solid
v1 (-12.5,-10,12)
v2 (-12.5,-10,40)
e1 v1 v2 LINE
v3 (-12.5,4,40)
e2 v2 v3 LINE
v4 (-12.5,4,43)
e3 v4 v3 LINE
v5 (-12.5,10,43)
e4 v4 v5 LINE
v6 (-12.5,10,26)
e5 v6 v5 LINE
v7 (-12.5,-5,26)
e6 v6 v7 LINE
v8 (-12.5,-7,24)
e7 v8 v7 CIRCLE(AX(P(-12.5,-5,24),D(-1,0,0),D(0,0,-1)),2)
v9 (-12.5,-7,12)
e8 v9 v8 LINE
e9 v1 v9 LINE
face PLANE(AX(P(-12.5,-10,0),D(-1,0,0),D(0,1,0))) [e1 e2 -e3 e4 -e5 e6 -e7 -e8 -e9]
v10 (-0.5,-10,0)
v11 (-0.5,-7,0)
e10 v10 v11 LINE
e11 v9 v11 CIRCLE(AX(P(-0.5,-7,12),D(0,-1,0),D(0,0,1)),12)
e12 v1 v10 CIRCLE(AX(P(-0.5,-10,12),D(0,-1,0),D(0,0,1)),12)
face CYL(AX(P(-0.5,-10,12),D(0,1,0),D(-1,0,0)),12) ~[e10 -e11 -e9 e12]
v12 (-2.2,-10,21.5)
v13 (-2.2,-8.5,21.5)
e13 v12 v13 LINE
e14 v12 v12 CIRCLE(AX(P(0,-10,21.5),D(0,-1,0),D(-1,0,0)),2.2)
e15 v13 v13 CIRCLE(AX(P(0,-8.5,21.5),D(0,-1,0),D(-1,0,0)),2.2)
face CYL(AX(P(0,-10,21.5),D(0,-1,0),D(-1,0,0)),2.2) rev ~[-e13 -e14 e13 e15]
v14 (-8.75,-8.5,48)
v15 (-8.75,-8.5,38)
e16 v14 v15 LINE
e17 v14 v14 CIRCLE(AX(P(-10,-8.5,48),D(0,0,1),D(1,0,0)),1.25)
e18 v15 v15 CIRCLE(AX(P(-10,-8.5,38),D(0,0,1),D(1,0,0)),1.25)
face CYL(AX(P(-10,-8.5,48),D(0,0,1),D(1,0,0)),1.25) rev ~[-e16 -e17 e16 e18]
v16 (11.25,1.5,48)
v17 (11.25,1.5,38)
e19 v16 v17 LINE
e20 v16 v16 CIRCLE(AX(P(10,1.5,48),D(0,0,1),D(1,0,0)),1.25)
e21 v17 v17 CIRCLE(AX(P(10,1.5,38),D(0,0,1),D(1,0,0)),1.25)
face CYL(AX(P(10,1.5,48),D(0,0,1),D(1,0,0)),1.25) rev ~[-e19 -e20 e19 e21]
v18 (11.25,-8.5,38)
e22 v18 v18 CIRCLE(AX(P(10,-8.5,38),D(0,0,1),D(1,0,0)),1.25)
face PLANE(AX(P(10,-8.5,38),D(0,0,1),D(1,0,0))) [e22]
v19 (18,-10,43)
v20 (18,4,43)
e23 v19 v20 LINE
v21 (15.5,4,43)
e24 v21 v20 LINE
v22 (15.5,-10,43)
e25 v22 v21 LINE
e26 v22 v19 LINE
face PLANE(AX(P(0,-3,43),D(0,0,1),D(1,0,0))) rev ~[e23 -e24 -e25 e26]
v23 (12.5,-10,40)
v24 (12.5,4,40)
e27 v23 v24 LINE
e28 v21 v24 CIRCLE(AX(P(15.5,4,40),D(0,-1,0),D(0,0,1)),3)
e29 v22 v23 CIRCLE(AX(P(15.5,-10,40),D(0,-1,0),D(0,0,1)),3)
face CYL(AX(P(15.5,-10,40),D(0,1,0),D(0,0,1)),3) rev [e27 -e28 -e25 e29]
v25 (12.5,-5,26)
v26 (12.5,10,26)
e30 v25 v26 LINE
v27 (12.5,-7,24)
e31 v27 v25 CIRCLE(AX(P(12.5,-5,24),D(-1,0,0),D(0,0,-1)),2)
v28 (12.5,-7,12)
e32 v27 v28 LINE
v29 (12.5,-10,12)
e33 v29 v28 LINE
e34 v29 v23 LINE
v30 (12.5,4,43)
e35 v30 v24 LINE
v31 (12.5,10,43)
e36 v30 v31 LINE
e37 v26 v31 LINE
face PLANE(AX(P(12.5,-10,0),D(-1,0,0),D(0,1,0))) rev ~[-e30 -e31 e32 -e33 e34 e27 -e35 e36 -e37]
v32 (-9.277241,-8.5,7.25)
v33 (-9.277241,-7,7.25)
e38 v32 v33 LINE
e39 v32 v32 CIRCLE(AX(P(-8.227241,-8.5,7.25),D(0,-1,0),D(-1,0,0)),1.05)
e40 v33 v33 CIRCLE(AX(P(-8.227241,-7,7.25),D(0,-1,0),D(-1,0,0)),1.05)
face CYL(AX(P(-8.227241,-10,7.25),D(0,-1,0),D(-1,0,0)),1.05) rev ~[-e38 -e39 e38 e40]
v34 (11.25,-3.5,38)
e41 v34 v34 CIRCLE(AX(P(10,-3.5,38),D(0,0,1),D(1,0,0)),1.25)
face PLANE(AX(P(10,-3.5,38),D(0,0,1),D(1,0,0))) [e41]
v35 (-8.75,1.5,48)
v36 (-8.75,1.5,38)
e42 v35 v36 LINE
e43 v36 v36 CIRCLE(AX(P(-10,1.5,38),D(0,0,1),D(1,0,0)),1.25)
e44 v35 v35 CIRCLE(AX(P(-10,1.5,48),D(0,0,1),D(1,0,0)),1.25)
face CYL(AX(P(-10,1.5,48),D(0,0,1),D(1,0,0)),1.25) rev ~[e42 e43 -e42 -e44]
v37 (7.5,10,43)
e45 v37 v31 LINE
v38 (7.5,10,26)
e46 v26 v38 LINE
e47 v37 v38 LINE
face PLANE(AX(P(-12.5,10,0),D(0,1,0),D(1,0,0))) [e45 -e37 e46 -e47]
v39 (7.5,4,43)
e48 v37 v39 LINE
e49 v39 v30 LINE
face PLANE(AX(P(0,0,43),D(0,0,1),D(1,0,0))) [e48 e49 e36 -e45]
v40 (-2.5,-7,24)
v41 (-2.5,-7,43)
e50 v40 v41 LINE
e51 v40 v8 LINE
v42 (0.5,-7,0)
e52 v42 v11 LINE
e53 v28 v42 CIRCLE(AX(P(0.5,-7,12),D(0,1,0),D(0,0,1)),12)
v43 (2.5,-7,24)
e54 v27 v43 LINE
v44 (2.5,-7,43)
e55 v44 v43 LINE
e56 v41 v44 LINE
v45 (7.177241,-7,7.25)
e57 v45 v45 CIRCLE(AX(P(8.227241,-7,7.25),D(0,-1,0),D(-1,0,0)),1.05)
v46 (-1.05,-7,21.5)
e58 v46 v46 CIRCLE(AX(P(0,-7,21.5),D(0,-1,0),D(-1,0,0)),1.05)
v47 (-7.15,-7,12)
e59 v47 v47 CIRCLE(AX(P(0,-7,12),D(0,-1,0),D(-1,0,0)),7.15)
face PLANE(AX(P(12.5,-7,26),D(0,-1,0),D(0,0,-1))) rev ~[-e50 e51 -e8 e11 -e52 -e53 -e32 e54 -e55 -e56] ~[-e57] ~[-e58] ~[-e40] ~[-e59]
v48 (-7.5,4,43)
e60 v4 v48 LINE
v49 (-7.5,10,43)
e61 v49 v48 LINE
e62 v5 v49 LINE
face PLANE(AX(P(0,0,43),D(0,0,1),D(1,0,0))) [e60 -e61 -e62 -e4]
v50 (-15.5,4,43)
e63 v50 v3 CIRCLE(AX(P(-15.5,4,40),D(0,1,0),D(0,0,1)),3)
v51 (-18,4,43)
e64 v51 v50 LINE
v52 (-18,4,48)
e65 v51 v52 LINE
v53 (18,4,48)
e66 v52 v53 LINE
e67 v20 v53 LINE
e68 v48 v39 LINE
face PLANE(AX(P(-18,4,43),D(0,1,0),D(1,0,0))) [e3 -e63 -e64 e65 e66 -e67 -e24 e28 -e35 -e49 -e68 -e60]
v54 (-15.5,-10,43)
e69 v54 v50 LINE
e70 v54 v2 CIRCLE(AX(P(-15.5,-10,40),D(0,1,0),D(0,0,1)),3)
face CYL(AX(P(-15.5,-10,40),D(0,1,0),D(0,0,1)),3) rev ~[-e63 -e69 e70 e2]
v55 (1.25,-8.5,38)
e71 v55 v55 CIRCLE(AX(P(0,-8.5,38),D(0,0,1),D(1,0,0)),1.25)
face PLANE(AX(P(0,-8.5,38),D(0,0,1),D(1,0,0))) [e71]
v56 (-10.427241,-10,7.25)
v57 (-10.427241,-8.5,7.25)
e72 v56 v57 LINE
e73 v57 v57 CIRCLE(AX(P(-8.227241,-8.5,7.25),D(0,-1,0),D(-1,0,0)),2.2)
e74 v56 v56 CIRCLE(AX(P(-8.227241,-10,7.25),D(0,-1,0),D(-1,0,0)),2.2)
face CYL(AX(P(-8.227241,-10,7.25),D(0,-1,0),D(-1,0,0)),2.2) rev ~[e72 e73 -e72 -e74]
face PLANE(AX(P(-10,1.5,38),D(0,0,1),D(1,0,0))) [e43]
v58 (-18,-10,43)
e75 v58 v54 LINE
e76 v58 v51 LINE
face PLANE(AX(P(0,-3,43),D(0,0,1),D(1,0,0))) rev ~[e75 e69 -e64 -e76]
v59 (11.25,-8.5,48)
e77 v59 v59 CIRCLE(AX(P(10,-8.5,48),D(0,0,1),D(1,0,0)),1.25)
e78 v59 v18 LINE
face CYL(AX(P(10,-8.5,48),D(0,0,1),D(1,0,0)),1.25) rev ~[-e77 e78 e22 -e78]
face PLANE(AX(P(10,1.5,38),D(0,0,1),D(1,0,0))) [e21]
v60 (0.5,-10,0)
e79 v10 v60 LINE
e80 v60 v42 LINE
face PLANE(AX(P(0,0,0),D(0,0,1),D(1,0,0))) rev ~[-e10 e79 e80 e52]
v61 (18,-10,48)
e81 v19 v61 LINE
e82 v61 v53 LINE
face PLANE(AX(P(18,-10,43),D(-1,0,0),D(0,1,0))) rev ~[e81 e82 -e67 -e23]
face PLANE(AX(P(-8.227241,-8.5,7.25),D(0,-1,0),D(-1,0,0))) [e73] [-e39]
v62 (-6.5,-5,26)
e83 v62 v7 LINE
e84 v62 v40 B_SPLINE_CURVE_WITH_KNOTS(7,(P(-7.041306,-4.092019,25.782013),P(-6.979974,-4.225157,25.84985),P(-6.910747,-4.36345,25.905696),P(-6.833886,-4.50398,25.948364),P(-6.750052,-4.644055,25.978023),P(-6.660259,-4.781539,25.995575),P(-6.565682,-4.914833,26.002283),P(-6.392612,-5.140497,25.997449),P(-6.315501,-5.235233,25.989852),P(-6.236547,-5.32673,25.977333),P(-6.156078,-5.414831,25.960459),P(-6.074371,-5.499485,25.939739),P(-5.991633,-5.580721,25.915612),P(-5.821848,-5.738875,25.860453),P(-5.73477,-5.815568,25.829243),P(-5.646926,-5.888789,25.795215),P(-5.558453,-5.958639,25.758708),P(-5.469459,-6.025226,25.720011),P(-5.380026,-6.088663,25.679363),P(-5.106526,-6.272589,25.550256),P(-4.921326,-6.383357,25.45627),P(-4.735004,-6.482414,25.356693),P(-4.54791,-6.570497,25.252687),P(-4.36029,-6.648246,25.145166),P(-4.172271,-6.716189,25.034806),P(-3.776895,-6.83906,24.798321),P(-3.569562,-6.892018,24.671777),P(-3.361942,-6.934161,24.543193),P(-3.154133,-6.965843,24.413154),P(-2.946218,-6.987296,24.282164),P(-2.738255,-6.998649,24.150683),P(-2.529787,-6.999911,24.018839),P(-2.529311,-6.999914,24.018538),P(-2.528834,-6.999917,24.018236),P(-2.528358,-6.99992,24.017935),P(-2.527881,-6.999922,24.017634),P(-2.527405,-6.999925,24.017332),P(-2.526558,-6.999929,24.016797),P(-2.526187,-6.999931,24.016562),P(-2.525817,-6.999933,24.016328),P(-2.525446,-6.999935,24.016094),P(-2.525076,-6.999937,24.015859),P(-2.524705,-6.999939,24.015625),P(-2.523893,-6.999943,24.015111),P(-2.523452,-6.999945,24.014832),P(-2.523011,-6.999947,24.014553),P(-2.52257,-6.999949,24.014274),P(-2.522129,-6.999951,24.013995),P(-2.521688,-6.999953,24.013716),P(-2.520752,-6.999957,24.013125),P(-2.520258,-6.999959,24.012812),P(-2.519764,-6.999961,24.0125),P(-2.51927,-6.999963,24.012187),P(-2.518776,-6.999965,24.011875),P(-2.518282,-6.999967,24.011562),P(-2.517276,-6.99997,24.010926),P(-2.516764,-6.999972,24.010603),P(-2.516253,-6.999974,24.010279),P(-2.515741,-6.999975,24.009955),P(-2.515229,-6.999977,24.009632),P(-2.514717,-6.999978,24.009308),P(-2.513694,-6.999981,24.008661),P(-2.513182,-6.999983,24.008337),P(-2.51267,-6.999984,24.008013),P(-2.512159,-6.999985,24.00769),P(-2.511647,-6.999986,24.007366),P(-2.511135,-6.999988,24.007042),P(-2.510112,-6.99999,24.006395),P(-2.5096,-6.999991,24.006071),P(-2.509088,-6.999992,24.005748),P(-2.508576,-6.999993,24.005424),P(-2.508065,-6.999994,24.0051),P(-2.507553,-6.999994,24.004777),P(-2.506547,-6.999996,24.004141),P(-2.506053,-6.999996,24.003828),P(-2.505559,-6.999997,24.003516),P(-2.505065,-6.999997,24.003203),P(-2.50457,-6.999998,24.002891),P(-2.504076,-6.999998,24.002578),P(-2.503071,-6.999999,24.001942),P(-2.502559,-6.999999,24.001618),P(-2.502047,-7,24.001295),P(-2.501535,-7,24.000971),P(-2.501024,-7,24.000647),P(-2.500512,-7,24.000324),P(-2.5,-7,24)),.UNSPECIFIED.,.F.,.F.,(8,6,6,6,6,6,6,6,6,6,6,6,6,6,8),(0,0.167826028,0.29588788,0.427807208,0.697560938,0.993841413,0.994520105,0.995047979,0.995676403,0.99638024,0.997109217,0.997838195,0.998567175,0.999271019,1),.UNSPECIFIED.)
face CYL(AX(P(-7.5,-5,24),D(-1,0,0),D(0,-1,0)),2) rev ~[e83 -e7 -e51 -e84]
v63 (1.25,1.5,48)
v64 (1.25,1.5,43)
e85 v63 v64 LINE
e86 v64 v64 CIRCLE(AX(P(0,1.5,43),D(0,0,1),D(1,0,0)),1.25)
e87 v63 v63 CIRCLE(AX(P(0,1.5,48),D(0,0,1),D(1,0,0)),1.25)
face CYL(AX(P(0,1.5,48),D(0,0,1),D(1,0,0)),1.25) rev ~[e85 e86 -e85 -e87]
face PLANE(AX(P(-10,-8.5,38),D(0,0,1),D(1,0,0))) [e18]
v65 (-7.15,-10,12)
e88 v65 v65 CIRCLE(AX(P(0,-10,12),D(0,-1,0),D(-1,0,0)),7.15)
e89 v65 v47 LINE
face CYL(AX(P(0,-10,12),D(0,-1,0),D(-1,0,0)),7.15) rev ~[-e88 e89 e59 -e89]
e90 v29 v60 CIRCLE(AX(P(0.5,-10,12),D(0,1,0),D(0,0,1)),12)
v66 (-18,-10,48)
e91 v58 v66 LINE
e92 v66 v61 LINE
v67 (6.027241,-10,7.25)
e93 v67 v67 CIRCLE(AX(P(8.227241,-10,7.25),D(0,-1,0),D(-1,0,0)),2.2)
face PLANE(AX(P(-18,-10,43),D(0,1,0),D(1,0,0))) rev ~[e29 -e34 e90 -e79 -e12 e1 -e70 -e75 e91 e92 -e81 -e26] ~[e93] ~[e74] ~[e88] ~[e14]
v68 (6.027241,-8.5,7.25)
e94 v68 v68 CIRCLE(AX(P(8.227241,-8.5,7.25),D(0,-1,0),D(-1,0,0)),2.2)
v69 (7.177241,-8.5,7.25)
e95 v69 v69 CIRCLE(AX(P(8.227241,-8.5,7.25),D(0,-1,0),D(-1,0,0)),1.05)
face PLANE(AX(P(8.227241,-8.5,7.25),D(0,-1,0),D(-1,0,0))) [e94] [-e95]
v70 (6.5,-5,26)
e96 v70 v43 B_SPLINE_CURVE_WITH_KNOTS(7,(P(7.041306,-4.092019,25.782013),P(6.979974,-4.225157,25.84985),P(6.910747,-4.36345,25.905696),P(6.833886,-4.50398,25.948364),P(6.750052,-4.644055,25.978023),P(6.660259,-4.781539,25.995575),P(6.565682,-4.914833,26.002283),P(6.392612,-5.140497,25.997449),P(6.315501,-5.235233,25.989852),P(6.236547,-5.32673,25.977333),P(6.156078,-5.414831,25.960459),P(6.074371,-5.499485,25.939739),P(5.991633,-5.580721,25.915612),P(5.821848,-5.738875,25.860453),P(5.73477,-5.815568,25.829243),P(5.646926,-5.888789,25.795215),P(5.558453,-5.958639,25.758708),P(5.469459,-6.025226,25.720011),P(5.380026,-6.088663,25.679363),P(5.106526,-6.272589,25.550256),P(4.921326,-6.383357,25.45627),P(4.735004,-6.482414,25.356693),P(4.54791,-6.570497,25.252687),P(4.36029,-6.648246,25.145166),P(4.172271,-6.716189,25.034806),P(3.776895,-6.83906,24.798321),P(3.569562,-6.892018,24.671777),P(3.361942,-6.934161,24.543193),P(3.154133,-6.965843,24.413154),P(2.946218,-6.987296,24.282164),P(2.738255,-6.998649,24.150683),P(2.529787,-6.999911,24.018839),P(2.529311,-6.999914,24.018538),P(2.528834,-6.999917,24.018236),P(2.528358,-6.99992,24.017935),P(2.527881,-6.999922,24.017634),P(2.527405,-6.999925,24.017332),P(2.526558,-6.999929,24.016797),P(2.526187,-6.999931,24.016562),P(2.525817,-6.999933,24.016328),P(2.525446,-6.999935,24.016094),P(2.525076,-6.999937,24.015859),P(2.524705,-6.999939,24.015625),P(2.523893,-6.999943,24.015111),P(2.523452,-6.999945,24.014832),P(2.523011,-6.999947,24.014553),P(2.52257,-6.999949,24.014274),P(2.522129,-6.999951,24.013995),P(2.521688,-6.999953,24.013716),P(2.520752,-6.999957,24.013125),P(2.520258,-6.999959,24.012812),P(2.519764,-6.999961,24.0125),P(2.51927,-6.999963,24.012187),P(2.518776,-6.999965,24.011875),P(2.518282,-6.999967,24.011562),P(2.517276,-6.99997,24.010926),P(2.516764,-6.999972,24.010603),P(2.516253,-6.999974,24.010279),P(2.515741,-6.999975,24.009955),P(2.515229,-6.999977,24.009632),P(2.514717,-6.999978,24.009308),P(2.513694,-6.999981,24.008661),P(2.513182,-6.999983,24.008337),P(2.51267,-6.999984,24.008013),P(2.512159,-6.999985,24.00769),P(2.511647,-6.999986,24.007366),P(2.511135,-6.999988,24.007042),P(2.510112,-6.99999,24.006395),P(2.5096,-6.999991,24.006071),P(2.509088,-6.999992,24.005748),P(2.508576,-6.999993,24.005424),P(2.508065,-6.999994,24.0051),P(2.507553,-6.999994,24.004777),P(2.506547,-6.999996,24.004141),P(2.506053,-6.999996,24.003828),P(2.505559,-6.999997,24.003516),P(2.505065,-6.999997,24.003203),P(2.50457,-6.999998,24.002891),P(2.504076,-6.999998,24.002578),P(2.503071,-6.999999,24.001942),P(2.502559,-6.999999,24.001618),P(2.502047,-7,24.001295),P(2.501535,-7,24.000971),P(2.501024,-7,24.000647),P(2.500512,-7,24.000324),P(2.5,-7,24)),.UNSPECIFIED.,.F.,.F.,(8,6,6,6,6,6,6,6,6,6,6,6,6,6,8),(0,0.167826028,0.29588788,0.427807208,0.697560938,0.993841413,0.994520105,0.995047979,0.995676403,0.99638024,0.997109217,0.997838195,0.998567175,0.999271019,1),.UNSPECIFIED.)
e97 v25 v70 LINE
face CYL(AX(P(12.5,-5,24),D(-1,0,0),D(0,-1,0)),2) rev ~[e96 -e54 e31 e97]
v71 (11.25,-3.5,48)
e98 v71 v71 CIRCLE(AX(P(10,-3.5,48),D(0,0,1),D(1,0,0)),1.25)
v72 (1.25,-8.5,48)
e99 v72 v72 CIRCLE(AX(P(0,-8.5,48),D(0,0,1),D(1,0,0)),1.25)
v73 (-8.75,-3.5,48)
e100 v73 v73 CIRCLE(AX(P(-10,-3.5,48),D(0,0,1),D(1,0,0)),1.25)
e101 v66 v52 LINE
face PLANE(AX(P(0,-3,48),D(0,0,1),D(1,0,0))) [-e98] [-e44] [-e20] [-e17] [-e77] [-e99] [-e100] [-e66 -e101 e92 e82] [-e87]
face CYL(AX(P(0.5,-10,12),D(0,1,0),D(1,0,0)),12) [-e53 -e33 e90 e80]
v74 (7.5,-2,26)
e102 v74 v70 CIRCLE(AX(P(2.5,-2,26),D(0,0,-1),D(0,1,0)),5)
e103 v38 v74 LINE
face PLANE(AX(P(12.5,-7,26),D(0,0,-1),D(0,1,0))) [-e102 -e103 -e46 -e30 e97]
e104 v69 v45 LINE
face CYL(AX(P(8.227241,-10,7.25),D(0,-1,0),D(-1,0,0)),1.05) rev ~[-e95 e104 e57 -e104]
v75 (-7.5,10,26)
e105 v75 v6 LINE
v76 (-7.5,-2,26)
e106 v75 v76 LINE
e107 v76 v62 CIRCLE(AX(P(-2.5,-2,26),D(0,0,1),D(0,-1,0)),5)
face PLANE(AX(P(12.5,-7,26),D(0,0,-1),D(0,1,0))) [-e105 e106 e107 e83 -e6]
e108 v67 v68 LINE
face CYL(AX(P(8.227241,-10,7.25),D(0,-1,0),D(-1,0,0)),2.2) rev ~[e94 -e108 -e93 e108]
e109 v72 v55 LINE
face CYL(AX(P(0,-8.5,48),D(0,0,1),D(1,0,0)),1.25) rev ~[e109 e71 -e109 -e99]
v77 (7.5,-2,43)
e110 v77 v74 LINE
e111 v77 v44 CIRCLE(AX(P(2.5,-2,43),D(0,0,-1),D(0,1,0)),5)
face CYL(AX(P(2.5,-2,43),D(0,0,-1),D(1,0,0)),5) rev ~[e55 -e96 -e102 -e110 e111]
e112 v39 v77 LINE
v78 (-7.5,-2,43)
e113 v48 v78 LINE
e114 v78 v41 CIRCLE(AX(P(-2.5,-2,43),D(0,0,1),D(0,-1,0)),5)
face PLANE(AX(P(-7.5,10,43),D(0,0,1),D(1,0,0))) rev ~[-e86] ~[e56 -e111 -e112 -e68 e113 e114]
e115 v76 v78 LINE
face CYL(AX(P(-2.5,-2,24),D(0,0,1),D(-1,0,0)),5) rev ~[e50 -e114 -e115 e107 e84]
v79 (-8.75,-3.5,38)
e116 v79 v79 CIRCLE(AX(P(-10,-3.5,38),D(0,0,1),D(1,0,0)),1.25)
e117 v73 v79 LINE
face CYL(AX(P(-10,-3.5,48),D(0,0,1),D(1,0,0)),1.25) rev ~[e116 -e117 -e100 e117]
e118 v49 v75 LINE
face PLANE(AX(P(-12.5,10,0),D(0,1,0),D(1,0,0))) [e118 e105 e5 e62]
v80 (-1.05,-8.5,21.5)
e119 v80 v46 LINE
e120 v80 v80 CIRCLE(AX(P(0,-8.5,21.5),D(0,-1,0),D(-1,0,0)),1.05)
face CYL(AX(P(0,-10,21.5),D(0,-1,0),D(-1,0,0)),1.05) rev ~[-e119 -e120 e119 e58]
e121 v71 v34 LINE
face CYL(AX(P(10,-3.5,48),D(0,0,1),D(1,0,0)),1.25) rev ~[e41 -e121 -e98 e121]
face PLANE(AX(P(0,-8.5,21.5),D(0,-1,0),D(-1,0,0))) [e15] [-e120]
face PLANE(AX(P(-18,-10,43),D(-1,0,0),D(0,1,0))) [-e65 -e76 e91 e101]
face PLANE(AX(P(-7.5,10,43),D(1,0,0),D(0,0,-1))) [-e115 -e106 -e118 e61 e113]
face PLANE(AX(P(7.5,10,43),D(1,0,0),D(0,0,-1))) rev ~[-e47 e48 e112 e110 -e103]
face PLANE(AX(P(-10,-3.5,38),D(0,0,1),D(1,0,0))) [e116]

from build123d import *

# Parameters (mm, degrees)
SKETCH1_W            = 25
SKETCH1_H            = 20
MAIN_DEPTH           = 43
SKETCH5_R            = 1.05
SKETCH5_R_2          = 7.15
MAINANDFIXHOLE_DEPTH = 21
SKETCH6_R            = 2.2
CODERFIXHOLE2_DEPTH  = 1.5
SKETCH7_W            = 26
SKETCH7_H            = 17
CODERHOLE_DEPTH      = 26
SKETCH10_W           = 36
SKETCH10_H           = 14
LINK_DEPTH           = 5
SKETCH8_R            = 1.25
VERTICALHOLES_DEPTH  = 10
SKETCH9_W            = 15
SKETCH9_H            = 17
CUT_EXTRUDE6_DEPTH   = 17
FILLET2_R            = 2
FILLET3_R            = 5
FILLET4_R            = 3
FILLET5_R            = 12


with BuildPart() as part:
    # Sketch1 → Main (new body)
    with BuildSketch(Plane.XY):
        Rectangle(SKETCH1_W, SKETCH1_H)
    extrude(amount=MAIN_DEPTH)

    # Sketch5 → MainAndFixHole (cut, through all)
    with BuildSketch(Plane(origin=(0, -10, 0), x_dir=(-1, 0, 0), z_dir=(0, -1, 0))):
        with Locations((0, -21.5)):
            Circle(SKETCH5_R)
        with Locations((-8.227241336, -7.25)):
            Circle(SKETCH5_R)
        with Locations((8.227241336, -7.25)):
            Circle(SKETCH5_R)
        with Locations((0, -12)):
            Circle(SKETCH5_R_2)
    extrude(amount=-MAINANDFIXHOLE_DEPTH, mode=Mode.SUBTRACT)

    # Sketch6 → CoderFixHole2 (cut)
    with BuildSketch(Plane(origin=(0, -10, 0), x_dir=(-1, 0, 0), z_dir=(0, -1, 0))):
        with Locations((0, -21.5)):
            Circle(SKETCH6_R)
        with Locations((-8.227241336, -7.25)):
            Circle(SKETCH6_R)
        with Locations((8.227241336, -7.25)):
            Circle(SKETCH6_R)
    extrude(amount=-CODERFIXHOLE2_DEPTH, mode=Mode.SUBTRACT)

    # Sketch7 → CoderHole (cut, through all)
    with BuildSketch(Plane(origin=(12.5, 0, 0), x_dir=(0, 0, -1), z_dir=(1, 0, 0))):
        with Locations((-13, 1.5)):
            Rectangle(SKETCH7_W, SKETCH7_H)
    extrude(amount=-CODERHOLE_DEPTH, mode=Mode.SUBTRACT)

    # Sketch10 → Link (add)
    with BuildSketch(Plane.XY.offset(43)):
        with Locations((0, -3)):
            Rectangle(SKETCH10_W, SKETCH10_H)
    extrude(amount=LINK_DEPTH)

    # Sketch8 → VerticalHoles (cut)
    with BuildSketch(Plane.XY.offset(48)):
        with Locations((-10, 1.5)):
            Circle(SKETCH8_R)
        with Locations((-10, -8.5)):
            Circle(SKETCH8_R)
        with Locations((10, -8.5)):
            Circle(SKETCH8_R)
        with Locations((10, 1.5)):
            Circle(SKETCH8_R)
        with Locations((-10, -3.5)):
            Circle(SKETCH8_R)
        with Locations((10, -3.5)):
            Circle(SKETCH8_R)
        with Locations((0, 1.5)):
            Circle(SKETCH8_R)
        with Locations((0, -8.5)):
            Circle(SKETCH8_R)
    extrude(amount=-VERTICALHOLES_DEPTH, mode=Mode.SUBTRACT)

    # Sketch9 → Cut-Extrude6 (cut)
    with BuildSketch(Plane(origin=(0, 10, 0), x_dir=(1, 0, 0), z_dir=(0, 1, 0))):
        with Locations((0, -34.5)):
            Rectangle(SKETCH9_W, SKETCH9_H)
    extrude(amount=-CUT_EXTRUDE6_DEPTH, mode=Mode.SUBTRACT)

    # Fillet2
    fillet2_edges = [part.edges().sort_by_distance(p)[0] for p in [
        (10, -7, 26),
        (-10, -7, 26),
    ]]
    fillet(fillet2_edges, radius=FILLET2_R)

    # Fillet3
    fillet3_edges = [part.edges().sort_by_distance(p)[0] for p in [
        (-7.5, -7, 34.5),
        (7.5, -7, 34.5),
    ]]
    fillet(fillet3_edges, radius=FILLET3_R)

    # Fillet4
    fillet4_edges = [part.edges().sort_by_distance(p)[0] for p in [
        (12.5, -3, 43),
        (-12.5, -3, 43),
    ]]
    fillet(fillet4_edges, radius=FILLET4_R)

    # Fillet5
    fillet5_edges = [part.edges().sort_by_distance(p)[0] for p in [
        (-12.5, -8.5, 0),
        (12.5, -8.5, 0),
    ]]
    fillet(fillet5_edges, radius=FILLET5_R)


solid = part.part
